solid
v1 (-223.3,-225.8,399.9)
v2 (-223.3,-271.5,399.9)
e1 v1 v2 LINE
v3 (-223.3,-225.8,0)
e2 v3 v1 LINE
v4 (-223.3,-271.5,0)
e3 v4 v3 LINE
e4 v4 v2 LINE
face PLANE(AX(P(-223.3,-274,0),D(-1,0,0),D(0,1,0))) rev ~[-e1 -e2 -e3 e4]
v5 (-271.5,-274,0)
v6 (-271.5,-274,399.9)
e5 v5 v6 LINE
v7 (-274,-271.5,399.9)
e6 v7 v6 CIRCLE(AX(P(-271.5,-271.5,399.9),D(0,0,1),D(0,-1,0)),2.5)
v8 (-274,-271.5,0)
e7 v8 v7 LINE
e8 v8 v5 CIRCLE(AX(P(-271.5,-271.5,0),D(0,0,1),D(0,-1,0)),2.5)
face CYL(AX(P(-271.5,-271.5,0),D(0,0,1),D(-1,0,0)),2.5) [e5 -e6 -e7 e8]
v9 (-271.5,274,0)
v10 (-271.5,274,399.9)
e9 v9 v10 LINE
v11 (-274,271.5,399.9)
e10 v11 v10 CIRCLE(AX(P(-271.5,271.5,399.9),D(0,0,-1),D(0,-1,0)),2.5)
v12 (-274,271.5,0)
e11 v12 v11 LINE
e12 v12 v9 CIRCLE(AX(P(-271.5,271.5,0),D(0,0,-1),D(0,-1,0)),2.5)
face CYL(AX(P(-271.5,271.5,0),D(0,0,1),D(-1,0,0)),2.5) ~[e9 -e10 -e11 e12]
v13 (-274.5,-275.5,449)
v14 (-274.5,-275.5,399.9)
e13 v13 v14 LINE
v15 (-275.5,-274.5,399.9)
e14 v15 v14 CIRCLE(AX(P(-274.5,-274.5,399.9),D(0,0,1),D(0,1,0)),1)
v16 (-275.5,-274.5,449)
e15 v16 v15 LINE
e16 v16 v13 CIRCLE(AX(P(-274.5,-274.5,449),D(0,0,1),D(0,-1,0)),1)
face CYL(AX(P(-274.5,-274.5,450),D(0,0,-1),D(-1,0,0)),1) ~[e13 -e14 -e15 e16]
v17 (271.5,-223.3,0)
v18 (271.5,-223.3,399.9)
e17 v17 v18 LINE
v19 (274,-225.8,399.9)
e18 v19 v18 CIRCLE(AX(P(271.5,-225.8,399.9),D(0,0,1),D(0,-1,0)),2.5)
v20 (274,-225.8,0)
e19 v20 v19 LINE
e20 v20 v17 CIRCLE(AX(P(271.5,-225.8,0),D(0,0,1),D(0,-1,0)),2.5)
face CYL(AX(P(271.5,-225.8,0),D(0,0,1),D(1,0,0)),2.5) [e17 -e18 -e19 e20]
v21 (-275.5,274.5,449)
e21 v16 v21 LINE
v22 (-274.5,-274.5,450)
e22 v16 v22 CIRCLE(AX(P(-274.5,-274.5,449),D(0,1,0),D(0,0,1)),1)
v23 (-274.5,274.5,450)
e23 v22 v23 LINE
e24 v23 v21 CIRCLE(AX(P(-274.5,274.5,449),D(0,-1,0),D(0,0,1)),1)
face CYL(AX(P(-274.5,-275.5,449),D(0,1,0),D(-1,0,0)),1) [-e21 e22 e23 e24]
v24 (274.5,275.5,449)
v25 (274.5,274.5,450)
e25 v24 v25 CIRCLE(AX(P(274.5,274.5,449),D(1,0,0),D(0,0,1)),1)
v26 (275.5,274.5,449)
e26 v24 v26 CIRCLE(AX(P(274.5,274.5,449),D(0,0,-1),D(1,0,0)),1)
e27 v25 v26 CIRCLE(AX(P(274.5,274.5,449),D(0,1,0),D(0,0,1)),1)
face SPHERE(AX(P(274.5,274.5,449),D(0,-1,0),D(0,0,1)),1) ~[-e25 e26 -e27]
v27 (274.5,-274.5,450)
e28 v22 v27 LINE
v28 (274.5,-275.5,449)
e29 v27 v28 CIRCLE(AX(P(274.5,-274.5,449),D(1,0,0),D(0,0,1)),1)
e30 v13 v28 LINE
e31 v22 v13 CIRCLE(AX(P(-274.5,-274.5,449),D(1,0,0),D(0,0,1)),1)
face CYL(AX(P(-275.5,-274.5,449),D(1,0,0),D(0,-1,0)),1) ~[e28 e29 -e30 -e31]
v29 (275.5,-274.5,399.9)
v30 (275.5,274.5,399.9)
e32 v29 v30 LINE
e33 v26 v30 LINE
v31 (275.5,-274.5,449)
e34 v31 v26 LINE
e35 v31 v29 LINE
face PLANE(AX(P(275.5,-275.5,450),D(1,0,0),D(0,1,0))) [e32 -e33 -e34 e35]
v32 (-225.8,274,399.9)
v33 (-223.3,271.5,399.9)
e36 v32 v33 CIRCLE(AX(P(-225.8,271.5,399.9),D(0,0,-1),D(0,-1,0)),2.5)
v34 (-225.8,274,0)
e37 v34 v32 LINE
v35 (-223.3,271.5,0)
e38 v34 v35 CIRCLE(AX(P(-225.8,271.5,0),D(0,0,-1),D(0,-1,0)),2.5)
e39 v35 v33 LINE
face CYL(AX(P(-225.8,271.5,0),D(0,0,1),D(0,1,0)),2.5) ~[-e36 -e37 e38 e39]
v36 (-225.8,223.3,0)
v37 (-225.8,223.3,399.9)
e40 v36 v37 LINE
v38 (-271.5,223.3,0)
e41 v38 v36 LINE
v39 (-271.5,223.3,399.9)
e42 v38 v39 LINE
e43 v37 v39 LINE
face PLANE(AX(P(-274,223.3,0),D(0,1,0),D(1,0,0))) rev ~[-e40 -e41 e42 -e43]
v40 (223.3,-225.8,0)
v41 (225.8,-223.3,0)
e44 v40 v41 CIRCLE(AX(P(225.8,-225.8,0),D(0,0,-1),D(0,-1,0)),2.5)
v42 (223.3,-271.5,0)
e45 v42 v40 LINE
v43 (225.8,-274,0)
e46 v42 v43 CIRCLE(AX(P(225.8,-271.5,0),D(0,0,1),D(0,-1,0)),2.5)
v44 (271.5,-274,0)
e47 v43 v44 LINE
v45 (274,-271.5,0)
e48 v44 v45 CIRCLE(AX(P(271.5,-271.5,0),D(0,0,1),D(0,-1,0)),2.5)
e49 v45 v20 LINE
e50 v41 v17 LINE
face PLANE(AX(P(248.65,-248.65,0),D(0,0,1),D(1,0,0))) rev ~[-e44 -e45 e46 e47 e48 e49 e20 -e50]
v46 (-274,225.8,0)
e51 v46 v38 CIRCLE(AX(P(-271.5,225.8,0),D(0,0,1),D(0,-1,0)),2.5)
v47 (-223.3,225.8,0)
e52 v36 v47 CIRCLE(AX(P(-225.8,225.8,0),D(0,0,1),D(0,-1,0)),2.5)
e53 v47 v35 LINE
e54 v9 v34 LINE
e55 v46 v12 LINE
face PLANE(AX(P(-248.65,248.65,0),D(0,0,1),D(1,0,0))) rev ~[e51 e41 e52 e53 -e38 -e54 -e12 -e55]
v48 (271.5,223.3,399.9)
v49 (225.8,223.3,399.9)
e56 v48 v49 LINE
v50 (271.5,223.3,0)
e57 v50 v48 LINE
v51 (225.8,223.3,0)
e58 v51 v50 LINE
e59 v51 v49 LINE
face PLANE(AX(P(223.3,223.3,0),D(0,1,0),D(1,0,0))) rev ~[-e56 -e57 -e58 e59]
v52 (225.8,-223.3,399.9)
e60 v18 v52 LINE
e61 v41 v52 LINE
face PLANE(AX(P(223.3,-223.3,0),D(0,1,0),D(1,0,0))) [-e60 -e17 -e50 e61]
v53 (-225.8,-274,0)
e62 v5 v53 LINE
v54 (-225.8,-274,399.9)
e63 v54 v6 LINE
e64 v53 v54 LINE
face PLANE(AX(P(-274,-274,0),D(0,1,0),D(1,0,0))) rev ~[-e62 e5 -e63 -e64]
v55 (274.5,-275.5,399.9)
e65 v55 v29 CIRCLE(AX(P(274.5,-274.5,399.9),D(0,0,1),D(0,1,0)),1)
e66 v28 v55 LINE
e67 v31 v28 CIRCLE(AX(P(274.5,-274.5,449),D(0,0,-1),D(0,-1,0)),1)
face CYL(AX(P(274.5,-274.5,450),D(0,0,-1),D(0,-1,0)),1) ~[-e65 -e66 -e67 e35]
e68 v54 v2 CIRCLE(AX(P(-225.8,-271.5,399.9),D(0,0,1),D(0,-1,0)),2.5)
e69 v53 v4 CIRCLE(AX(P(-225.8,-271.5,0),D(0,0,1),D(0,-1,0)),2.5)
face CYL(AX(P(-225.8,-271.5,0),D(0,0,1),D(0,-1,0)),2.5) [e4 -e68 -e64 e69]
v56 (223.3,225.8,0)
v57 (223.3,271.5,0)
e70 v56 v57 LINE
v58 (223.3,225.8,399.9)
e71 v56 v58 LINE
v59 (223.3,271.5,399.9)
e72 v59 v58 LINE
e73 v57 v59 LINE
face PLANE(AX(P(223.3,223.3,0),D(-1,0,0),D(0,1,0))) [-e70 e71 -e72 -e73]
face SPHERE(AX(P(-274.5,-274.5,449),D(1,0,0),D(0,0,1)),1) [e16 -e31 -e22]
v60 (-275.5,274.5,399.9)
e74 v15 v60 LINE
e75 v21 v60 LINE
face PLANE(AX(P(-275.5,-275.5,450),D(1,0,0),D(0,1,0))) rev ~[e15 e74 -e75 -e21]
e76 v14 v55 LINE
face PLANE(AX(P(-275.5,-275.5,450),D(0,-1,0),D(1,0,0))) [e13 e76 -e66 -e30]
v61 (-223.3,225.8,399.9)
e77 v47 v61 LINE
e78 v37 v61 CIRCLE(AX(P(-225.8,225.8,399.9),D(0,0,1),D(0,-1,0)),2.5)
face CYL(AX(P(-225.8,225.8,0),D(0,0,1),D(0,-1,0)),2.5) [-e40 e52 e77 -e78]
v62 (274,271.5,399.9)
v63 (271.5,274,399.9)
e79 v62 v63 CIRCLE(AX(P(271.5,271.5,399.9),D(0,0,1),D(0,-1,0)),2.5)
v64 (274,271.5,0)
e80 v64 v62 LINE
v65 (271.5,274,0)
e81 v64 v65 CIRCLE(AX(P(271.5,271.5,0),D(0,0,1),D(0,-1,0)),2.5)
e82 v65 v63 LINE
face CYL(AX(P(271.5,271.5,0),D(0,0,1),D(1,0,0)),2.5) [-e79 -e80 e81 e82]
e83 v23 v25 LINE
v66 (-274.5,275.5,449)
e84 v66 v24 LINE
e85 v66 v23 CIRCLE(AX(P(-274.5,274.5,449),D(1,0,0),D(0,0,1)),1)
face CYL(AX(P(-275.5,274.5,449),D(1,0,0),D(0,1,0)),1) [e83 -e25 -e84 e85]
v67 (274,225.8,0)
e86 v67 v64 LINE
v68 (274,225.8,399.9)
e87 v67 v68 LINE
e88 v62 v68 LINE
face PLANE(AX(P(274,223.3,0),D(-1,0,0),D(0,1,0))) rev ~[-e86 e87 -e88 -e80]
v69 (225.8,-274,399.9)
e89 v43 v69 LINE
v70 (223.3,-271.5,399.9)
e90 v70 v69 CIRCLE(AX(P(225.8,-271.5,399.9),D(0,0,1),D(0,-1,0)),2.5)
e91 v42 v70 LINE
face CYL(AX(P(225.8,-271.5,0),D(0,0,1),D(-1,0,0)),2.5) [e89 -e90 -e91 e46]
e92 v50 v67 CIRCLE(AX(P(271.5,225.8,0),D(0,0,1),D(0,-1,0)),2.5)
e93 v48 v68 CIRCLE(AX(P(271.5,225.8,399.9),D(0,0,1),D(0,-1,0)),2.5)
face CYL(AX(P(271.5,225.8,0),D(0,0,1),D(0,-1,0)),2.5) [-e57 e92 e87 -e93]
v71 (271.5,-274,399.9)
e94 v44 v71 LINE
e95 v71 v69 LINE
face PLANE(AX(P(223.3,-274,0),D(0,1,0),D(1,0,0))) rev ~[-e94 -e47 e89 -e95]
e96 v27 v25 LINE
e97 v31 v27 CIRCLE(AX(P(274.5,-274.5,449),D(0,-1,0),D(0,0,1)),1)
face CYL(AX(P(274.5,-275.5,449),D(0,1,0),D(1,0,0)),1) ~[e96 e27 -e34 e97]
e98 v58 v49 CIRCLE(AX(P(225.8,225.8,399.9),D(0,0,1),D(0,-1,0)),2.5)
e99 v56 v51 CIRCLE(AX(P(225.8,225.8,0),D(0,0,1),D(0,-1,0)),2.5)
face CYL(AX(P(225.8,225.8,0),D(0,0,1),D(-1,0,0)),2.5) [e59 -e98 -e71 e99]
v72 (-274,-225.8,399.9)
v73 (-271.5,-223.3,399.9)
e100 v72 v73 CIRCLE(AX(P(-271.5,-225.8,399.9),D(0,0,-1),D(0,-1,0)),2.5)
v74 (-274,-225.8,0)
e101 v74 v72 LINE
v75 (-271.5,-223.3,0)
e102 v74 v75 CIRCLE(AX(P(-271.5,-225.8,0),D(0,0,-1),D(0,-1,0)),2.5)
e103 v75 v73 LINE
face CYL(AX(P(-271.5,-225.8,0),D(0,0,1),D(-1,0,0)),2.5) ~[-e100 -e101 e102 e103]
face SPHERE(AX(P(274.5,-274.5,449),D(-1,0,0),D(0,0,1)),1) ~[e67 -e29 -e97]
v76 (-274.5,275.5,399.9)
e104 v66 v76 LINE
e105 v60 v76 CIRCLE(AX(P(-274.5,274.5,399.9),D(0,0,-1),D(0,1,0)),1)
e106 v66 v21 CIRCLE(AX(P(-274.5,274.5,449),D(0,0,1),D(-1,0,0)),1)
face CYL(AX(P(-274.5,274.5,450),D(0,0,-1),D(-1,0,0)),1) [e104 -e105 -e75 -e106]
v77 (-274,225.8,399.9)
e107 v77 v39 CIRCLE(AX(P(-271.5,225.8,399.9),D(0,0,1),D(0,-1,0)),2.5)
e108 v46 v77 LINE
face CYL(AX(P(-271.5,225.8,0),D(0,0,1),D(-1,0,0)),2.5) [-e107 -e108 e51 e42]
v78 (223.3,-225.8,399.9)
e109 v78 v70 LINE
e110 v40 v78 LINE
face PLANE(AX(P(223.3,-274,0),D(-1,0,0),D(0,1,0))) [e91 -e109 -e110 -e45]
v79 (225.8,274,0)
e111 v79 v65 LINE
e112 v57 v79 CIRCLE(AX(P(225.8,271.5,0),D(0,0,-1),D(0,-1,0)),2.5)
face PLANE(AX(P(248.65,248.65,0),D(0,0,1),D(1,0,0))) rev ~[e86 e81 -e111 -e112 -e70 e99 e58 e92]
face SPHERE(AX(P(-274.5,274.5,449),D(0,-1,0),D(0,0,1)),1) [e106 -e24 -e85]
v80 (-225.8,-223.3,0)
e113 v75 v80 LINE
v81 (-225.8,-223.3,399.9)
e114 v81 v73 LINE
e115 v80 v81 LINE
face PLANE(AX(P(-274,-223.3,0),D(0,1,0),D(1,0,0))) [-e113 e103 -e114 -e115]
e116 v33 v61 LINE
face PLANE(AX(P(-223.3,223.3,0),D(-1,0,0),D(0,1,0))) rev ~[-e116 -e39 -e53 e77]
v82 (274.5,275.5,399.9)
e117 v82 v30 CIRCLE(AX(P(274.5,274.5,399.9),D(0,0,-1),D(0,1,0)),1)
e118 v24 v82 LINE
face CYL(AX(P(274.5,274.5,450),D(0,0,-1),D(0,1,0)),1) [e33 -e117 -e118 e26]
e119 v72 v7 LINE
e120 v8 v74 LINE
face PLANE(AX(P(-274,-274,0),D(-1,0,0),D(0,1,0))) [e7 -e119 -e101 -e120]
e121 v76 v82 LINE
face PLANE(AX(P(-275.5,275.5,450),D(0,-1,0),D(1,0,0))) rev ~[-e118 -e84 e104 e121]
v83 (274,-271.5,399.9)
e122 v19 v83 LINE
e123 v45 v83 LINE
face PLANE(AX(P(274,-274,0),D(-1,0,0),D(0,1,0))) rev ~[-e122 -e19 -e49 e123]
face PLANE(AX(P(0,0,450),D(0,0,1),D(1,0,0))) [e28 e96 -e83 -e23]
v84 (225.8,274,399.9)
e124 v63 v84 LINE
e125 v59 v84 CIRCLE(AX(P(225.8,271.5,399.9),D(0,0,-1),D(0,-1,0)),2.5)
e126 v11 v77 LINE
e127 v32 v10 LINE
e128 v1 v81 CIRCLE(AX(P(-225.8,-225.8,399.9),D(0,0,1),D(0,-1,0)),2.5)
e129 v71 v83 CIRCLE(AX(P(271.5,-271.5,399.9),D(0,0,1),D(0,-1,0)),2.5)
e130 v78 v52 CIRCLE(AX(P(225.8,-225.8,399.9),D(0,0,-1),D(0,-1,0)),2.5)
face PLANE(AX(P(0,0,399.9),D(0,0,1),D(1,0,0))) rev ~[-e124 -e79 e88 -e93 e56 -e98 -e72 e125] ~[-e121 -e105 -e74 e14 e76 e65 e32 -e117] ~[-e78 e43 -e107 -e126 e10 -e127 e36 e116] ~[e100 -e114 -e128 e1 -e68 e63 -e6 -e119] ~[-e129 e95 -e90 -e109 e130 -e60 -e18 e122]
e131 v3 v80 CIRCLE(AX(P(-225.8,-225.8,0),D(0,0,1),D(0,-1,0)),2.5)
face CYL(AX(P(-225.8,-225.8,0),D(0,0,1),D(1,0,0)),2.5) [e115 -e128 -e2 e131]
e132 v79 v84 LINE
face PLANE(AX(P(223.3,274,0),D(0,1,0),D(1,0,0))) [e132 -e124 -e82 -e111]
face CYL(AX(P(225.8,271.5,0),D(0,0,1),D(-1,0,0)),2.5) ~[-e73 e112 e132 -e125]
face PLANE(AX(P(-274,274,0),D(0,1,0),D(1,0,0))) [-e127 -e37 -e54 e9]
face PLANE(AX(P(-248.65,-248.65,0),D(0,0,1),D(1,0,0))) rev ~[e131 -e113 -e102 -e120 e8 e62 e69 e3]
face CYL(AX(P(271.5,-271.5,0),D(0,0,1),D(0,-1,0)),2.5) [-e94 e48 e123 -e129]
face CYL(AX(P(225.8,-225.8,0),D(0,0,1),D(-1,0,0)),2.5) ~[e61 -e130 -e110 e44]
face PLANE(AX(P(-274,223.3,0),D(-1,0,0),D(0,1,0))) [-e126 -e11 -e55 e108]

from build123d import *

# Parameters (mm, degrees)
F1_W     = 551
F1_H     = 551
F1_W_2   = 50.7
F1_H_2   = 50.7
F2_DEPTH = 50.1
F4_DEPTH = 400
F5_R     = 2.5
F6_R     = 1


with BuildPart() as f2:
    # F1 (on Top) → F2 (new body)
    with BuildSketch(Plane.XY):
        Rectangle(F1_W, F1_H)
        with Locations((-248.65, -248.65)):
            Rectangle(F1_W_2, F1_H_2, mode=Mode.SUBTRACT)
        with Locations((248.65, -248.65)):
            Rectangle(F1_W_2, F1_H_2, mode=Mode.SUBTRACT)
        with Locations((-248.65, 248.65)):
            Rectangle(F1_W_2, F1_H_2, mode=Mode.SUBTRACT)
        with Locations((248.65, 248.65)):
            Rectangle(F1_W_2, F1_H_2, mode=Mode.SUBTRACT)
        with Locations((-248.65, 248.65)):
            Rectangle(F1_W_2, F1_H_2)
        with Locations((248.65, 248.65)):
            Rectangle(F1_W_2, F1_H_2)
        with Locations((-248.65, -248.65)):
            Rectangle(F1_W_2, F1_H_2)
        with Locations((248.65, -248.65)):
            Rectangle(F1_W_2, F1_H_2)
    extrude(amount=-F2_DEPTH)


with BuildPart() as f2_1:
    # F3: moved
    add(f2.part.moved(Location((0, 0, 450))))

    # F1 (on Top) → F4 (join)
    with BuildSketch(Plane.XY):
        with Locations((-248.65, 248.65)):
            Rectangle(F1_W_2, F1_H_2)
        with Locations((248.65, -248.65)):
            Rectangle(F1_W_2, F1_H_2)
        with Locations((-248.65, -248.65)):
            Rectangle(F1_W_2, F1_H_2)
        with Locations((248.65, 248.65)):
            Rectangle(F1_W_2, F1_H_2)
    extrude(amount=F4_DEPTH)

    # F5
    f5_edges = [f2_1.edges().sort_by_distance(p)[0] for p in [
        (-274, -274, 199.95),
        (-274, 223.3, 199.95),
        (223.3, 223.3, 199.95),
        (223.3, -274, 199.95),
        (-223.3, -274, 199.95),
        (-223.3, 223.3, 199.95),
        (274, -274, 199.95),
        (274, 223.3, 199.95),
        (-223.3, -223.3, 199.95),
        (274, -223.3, 199.95),
        (-223.3, 274, 199.95),
        (274, 274, 199.95),
        (223.3, -223.3, 199.95),
        (-274, -223.3, 199.95),
        (223.3, 274, 199.95),
        (-274, 274, 199.95),
    ]]
    fillet(f5_edges, radius=F5_R)

    # F6
    f6_edges = [f2_1.edges().sort_by_distance(p)[0] for p in [
        (0, -275.5, 450),
        (275.5, 0, 450),
        (-275.5, 0, 450),
        (0, 275.5, 450),
        (275.5, -275.5, 424.95),
        (-275.5, -275.5, 424.95),
        (275.5, 275.5, 424.95),
        (-275.5, 275.5, 424.95),
    ]]
    fillet(f6_edges, radius=F6_R)


solid = f2_1.part
